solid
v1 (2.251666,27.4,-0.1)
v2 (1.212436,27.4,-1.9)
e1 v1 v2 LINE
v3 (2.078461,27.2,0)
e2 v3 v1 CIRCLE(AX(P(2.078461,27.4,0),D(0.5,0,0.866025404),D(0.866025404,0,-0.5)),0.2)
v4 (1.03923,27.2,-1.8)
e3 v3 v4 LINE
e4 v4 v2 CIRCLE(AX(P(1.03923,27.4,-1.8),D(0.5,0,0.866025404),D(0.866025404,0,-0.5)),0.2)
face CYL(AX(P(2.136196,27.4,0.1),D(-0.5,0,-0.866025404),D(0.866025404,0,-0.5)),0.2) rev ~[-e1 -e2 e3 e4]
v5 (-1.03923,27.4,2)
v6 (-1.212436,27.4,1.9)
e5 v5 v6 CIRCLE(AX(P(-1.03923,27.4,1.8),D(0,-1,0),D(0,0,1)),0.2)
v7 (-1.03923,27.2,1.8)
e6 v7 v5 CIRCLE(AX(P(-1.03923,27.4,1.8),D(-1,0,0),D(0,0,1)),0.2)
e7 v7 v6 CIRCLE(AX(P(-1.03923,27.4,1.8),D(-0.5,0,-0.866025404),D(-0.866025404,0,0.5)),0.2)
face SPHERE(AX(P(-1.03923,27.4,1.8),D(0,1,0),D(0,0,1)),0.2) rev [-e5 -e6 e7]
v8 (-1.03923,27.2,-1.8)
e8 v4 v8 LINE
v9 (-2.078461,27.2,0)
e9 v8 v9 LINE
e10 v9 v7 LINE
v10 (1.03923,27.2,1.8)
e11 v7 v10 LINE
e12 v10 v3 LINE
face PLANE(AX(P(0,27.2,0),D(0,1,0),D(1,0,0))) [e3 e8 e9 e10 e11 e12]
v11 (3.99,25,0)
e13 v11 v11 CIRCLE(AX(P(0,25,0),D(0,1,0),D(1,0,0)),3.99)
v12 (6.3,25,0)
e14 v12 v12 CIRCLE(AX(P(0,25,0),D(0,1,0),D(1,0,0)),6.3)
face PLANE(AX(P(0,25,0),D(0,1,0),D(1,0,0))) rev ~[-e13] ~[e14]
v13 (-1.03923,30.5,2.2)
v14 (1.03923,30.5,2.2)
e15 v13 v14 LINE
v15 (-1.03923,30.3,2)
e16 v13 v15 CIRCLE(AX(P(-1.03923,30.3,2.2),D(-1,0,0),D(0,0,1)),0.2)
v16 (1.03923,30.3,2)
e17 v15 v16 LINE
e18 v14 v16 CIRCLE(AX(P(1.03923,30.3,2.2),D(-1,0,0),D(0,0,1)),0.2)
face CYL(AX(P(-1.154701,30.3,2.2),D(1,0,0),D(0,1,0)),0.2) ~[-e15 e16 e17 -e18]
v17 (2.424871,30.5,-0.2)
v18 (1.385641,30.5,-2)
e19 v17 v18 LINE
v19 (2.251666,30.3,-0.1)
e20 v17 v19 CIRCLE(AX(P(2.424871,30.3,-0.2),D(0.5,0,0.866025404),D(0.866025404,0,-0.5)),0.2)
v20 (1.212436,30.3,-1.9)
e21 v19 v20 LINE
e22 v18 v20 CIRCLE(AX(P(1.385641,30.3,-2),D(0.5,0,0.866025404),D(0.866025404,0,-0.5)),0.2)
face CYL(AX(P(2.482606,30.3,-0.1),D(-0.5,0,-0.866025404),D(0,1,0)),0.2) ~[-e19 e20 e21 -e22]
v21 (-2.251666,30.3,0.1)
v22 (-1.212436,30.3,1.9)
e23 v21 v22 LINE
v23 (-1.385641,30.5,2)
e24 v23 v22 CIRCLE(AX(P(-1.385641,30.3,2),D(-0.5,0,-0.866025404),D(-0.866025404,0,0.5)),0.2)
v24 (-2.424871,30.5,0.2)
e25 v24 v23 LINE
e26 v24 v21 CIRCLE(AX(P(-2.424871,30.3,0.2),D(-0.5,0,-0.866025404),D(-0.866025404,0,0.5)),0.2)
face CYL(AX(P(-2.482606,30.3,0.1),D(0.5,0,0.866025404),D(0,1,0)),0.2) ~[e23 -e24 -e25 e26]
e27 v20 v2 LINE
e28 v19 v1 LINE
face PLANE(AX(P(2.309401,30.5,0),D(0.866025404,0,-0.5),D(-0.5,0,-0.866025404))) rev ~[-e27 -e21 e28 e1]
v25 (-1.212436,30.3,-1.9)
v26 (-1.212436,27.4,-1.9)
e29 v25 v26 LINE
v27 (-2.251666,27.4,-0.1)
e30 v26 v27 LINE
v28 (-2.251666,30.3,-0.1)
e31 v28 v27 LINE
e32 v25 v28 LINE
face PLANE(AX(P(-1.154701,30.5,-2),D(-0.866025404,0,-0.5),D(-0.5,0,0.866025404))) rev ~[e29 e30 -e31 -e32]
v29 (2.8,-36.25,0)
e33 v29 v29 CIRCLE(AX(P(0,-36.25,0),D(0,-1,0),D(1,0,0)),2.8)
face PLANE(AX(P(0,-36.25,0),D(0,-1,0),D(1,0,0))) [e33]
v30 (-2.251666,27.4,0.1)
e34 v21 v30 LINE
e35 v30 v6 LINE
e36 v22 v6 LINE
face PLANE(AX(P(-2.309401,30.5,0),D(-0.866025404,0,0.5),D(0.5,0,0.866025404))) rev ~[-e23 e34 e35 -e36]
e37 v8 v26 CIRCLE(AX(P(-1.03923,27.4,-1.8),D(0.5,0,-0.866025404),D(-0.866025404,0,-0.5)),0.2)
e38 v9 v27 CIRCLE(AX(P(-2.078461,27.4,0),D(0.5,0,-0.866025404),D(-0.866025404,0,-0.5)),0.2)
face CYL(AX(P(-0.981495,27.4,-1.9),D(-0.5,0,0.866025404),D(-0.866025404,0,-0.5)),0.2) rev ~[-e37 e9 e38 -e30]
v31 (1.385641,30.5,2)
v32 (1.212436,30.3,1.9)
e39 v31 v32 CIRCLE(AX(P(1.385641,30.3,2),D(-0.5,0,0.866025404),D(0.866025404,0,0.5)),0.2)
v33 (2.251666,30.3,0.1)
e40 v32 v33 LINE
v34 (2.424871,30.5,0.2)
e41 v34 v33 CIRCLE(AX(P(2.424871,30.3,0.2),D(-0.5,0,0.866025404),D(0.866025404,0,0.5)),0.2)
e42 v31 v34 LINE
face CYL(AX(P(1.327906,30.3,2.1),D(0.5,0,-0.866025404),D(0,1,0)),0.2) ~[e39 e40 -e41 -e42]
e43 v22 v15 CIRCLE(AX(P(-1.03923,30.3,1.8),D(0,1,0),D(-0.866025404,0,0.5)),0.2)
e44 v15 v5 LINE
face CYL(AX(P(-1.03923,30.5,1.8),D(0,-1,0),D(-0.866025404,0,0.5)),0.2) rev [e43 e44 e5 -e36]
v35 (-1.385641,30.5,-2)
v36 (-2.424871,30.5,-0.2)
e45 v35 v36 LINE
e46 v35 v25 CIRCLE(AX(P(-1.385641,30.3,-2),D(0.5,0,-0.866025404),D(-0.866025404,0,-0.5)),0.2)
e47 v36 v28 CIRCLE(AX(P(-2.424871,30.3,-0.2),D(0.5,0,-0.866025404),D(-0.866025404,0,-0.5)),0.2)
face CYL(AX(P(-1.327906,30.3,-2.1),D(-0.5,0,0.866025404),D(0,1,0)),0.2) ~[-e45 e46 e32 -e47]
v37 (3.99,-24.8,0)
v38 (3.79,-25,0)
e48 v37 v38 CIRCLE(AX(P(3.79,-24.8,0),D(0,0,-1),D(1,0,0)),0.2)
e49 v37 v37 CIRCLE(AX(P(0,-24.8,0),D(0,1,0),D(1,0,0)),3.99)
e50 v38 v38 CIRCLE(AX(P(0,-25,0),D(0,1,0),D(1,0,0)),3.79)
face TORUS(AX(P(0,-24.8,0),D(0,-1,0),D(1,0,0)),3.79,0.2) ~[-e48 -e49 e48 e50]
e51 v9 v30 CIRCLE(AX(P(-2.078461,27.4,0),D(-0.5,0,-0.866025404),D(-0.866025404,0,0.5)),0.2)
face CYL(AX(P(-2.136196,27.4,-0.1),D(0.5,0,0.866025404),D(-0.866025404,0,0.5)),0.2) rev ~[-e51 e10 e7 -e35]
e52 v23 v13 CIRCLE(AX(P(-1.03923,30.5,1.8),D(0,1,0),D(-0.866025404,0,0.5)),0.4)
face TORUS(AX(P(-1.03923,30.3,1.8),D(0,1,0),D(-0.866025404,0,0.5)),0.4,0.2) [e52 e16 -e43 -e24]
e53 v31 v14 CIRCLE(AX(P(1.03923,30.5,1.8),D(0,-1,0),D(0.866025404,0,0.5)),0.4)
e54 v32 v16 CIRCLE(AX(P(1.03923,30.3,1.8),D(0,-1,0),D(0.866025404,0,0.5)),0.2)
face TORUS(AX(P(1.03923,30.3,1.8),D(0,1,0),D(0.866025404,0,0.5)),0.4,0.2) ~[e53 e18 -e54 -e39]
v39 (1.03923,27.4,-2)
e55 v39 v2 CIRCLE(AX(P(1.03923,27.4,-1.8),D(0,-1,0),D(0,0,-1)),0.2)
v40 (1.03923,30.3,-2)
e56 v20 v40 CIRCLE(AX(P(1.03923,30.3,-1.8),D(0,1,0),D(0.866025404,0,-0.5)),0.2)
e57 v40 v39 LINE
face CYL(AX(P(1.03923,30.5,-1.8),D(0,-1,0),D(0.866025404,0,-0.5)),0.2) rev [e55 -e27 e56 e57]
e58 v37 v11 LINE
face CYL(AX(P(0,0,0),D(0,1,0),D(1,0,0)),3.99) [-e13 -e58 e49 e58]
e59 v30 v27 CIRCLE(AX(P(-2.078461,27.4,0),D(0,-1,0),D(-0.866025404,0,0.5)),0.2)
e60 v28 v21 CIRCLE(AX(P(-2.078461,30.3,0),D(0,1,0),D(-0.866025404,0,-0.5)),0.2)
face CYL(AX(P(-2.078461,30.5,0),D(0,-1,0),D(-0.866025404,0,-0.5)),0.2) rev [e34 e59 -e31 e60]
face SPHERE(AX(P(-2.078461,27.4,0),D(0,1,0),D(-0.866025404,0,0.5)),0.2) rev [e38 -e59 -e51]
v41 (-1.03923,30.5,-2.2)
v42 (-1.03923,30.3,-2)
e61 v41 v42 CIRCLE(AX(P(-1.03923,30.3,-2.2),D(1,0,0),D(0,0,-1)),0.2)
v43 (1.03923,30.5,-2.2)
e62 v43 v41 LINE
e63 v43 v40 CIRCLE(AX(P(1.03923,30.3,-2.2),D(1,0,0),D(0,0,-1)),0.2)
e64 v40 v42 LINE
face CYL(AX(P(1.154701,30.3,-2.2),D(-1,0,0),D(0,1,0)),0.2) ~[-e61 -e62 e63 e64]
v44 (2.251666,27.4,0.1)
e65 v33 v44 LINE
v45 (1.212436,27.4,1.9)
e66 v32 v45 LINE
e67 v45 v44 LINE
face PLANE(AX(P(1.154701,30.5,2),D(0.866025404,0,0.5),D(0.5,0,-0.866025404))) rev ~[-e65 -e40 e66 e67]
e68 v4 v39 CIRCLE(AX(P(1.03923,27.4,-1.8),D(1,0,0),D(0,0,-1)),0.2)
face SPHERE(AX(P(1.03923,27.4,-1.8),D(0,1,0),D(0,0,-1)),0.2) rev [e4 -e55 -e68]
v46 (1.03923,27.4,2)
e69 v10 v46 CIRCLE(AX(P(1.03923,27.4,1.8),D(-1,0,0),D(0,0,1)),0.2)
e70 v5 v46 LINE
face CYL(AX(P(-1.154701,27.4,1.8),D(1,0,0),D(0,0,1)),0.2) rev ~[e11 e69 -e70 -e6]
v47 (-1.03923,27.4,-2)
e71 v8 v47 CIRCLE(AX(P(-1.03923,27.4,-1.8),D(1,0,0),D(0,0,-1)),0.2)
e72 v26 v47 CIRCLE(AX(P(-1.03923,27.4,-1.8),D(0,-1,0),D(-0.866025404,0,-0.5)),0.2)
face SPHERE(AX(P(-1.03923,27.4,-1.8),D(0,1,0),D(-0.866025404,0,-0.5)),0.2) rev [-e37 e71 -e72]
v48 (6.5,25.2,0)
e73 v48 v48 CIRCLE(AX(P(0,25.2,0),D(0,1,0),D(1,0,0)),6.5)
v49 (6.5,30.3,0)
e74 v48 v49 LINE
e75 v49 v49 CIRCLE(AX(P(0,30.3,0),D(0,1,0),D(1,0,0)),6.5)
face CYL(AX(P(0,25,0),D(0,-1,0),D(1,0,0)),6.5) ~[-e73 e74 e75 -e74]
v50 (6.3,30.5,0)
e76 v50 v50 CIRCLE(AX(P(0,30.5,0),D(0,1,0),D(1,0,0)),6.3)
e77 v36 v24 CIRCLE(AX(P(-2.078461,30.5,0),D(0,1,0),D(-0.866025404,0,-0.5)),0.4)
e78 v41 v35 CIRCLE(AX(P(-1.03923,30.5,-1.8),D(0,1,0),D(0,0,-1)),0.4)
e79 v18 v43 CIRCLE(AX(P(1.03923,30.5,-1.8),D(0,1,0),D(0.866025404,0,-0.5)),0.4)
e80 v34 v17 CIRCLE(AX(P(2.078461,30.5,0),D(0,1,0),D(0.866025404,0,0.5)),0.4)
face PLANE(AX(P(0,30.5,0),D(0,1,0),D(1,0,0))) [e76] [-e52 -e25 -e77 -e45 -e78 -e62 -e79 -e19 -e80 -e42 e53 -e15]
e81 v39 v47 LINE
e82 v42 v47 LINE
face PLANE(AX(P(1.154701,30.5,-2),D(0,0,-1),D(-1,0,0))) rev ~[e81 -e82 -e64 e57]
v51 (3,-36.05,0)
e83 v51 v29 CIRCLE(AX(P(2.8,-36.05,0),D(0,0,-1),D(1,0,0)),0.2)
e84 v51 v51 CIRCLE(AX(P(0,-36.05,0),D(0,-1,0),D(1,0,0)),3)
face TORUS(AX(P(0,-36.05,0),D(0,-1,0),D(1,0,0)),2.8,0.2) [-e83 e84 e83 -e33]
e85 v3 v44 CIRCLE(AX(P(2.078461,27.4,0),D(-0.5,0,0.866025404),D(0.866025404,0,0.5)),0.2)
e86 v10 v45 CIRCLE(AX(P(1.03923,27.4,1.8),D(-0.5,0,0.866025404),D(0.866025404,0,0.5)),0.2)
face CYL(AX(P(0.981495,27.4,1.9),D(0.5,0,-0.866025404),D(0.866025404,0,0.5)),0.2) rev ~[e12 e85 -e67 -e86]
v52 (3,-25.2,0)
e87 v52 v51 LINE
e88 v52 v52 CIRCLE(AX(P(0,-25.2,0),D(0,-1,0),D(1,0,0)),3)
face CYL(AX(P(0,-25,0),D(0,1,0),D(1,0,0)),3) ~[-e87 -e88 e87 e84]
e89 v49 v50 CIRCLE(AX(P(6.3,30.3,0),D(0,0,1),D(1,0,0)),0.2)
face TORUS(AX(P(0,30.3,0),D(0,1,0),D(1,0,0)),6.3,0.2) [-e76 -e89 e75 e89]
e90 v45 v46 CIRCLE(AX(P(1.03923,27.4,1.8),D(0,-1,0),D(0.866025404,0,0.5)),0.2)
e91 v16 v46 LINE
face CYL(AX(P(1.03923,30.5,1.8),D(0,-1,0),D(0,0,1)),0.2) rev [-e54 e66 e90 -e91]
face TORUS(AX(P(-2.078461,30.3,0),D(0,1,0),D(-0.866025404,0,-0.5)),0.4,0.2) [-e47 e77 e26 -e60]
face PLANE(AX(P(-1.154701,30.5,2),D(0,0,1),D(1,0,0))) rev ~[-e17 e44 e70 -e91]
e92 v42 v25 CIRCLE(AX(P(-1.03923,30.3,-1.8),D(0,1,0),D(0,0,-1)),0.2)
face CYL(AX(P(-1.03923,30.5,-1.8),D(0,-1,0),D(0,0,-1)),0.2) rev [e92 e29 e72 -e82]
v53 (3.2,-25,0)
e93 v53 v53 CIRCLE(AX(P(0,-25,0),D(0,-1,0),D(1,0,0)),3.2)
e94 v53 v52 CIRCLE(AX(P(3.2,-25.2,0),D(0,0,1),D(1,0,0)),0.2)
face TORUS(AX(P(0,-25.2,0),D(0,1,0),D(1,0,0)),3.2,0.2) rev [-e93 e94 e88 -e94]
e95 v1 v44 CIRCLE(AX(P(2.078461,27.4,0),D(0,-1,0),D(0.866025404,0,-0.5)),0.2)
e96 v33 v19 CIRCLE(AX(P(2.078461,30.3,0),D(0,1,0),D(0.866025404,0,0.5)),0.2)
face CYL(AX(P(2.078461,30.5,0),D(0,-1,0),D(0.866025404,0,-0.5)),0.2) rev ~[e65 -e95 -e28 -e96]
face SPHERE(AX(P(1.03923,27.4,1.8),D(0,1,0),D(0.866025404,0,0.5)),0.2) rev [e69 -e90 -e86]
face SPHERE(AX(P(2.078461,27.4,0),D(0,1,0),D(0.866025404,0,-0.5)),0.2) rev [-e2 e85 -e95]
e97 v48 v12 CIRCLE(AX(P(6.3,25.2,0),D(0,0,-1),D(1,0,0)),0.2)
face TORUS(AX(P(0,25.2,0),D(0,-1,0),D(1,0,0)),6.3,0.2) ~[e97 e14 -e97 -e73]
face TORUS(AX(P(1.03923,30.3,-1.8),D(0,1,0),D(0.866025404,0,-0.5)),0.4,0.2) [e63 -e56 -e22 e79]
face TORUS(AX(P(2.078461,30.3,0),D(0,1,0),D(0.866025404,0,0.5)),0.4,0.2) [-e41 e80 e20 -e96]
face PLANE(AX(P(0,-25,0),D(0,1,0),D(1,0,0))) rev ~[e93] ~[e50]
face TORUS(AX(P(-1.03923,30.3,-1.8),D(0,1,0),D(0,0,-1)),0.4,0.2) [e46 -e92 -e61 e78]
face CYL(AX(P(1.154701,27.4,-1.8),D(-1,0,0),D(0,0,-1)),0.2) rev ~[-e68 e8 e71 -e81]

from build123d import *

# Parameters (mm, degrees)
SKETCH_1_R          = 3.99
EXTRUDE_1_DEPTH     = 25
SKETCH_2_R          = 6.5
EXTRUDE_2_DEPTH     = 5.5
CUT_EXTRUDE_1_DEPTH = 3.3
SKETCH_4_R          = 3
EXTRUDE_3_DEPTH     = 11.25
FILLET_1_R          = 0.2


with BuildPart() as part:
    # 草图1 → 凸台-拉伸1 (new body, symmetric)
    with BuildSketch(Plane(origin=(0, 0, 0), x_dir=(1, 0, 0), z_dir=(0, 1, 0))):
        Circle(SKETCH_1_R)
    extrude(amount=EXTRUDE_1_DEPTH, both=True)

    # 草图2 → 凸台-拉伸2 (add)
    with BuildSketch(Plane(origin=(0, 25, 0), x_dir=(1, 0, 0), z_dir=(0, 1, 0))):
        Circle(SKETCH_2_R)
    extrude(amount=EXTRUDE_2_DEPTH)

    # 草图3 → 切除-拉伸1 (cut)
    with BuildSketch(Plane(origin=(0, 30.5, 0), x_dir=(1, 0, 0), z_dir=(0, 1, 0))):
        Polygon((2.309401077, 0), (1.154700538, 2), (-1.154700538, 2), (-2.309401077, 0), (-1.154700538, -2), (1.154700538, -2), align=None)
    extrude(amount=-CUT_EXTRUDE_1_DEPTH, mode=Mode.SUBTRACT)

    # 草图4 → 凸台-拉伸3 (add)
    with BuildSketch(Plane.XZ.offset(25)):
        Circle(SKETCH_4_R)
    extrude(amount=EXTRUDE_3_DEPTH)

    # 圆角1
    fillet_1_edges = [part.edges().sort_by_distance(p)[0] for p in [
        (1.732050808, 27.2, 1),
        (2.309401077, 28.85, 0),
        (0, 27.2, 2),
        (1.154700538, 28.85, 2),
        (-1.732050808, 27.2, 1),
        (-1.154700538, 28.85, 2),
        (-1.732050808, 27.2, -1),
        (-2.309401077, 28.85, 0),
        (0, 27.2, -2),
        (-1.154700538, 28.85, -2),
        (1.732050808, 27.2, -1),
        (1.154700538, 28.85, -2),
        (1.732050808, 30.5, 1),
        (1.732050808, 30.5, -1),
        (0, 30.5, -2),
        (-1.732050808, 30.5, -1),
        (-1.732050808, 30.5, 1),
        (0, 30.5, 2),
        (-3, -25, 0),
        (-3, -36.25, 0),
        (-3.99, -25, 0),
        (-6.5, 25, 0),
        (-6.5, 30.5, 0),
    ]]
    fillet(fillet_1_edges, radius=FILLET_1_R)


solid = part.part
